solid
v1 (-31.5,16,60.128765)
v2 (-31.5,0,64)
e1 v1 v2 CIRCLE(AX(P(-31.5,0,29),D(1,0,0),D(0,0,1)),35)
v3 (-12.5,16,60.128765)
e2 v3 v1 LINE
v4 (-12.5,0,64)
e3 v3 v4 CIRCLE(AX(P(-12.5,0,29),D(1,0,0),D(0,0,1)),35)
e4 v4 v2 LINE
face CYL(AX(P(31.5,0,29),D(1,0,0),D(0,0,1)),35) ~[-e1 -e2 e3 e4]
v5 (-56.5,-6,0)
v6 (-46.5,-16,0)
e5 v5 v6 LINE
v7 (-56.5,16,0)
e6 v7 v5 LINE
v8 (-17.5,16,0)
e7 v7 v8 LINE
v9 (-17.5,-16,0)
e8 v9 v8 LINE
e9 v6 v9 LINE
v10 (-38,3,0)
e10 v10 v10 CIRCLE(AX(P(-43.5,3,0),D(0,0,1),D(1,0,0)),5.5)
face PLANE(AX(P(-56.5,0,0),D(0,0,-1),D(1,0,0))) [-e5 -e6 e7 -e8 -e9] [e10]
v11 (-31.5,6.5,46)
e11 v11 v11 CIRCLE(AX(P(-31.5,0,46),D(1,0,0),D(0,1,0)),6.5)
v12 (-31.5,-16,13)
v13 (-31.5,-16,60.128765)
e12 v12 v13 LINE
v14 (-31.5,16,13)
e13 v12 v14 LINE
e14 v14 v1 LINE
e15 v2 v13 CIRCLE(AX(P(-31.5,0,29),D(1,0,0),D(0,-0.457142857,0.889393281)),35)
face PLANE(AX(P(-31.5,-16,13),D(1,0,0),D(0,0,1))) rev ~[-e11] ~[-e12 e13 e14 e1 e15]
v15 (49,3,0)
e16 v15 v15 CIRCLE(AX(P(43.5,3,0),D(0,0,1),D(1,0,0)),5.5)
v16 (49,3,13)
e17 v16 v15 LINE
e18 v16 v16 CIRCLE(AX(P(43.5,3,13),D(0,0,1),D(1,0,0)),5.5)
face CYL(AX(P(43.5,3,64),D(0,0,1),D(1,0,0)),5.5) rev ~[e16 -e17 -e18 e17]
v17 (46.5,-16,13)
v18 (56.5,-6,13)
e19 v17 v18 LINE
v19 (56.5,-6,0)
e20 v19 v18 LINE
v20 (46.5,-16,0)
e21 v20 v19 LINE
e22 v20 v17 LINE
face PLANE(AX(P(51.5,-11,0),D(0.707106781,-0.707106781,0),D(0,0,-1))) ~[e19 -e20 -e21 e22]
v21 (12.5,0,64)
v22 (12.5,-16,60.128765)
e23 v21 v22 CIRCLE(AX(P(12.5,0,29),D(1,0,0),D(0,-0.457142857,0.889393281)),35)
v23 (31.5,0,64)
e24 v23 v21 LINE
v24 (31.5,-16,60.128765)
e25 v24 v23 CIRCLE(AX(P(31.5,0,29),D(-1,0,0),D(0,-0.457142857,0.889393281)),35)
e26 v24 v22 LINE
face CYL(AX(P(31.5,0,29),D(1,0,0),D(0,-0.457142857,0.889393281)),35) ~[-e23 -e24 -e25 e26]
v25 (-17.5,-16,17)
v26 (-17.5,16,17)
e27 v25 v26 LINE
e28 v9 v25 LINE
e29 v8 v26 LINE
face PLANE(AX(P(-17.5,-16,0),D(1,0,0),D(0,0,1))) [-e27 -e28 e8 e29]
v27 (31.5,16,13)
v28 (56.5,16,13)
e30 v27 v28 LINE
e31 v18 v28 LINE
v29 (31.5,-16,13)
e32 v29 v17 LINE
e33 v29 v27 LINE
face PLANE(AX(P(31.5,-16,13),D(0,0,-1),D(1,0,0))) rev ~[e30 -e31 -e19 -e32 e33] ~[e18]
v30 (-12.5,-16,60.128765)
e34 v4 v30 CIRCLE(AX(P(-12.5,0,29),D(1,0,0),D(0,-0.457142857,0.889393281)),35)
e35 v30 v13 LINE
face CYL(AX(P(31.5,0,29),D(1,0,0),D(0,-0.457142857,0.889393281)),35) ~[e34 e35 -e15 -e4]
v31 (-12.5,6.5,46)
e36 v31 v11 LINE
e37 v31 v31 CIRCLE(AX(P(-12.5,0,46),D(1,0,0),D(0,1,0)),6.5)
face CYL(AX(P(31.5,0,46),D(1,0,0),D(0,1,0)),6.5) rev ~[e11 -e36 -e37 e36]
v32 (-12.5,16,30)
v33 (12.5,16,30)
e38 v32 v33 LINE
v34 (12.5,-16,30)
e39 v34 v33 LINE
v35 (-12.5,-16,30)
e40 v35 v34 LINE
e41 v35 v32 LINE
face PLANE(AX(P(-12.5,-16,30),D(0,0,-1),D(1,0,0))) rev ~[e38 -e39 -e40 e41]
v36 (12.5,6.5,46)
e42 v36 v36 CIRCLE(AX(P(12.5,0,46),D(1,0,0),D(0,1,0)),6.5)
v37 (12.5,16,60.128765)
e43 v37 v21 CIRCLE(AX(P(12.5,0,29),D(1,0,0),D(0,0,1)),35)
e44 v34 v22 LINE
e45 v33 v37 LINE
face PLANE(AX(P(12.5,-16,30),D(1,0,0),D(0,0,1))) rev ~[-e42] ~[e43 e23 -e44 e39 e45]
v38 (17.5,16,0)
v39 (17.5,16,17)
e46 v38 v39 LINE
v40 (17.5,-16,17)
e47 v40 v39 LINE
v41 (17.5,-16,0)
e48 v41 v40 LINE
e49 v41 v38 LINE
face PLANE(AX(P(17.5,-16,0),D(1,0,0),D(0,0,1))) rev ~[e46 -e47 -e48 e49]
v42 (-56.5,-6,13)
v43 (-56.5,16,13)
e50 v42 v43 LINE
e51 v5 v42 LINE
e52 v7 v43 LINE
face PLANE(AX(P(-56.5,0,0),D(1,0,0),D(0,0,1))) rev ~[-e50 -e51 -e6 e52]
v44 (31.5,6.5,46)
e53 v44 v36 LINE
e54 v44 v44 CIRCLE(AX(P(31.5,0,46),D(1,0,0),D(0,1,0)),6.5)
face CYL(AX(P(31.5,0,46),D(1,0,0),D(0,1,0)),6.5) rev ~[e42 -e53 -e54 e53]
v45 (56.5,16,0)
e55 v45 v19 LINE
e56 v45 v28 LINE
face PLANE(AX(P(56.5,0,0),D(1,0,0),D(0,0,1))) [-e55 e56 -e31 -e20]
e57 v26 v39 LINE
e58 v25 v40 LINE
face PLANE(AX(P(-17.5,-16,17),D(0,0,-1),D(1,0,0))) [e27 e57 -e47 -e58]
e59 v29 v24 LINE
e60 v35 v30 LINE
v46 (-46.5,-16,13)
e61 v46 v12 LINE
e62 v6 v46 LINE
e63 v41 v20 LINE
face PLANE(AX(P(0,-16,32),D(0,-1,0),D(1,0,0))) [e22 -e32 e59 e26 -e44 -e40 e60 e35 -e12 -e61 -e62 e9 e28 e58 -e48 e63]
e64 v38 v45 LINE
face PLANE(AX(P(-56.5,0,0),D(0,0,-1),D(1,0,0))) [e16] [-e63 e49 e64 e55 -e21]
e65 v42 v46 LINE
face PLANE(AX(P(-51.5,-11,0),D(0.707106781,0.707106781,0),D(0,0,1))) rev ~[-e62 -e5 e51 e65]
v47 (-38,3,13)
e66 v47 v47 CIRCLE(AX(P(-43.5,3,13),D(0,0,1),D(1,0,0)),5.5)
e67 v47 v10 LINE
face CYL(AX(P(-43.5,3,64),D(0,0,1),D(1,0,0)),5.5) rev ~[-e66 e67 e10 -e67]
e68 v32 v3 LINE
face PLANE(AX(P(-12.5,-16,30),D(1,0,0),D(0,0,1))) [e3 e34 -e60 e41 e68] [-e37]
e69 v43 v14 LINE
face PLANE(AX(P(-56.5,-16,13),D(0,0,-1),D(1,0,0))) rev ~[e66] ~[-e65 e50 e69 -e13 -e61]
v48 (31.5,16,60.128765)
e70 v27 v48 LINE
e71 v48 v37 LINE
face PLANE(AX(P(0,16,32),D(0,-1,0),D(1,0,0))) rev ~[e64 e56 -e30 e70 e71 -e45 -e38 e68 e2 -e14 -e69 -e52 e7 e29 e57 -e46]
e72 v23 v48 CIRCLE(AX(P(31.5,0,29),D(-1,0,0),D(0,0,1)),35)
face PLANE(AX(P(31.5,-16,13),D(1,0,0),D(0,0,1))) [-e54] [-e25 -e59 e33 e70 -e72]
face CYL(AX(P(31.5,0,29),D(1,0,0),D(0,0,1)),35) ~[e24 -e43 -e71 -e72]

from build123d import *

# Parameters (mm, degrees)
F0_W     = 113
F0_H     = 64
F1_DEPTH = 16
F2_W     = 25
F2_H     = 51
F2_H_2   = 34
F2_W_2   = 35
F2_H_3   = 17
F3_DEPTH = 32.001
F4_R     = 6.5
F5_DEPTH = 88.001
F7_R     = 5.5
F8_DEPTH = 64.001
F9_SIZE  = 10


with BuildPart() as f1:
    # F0 (on Front) → F1 (new body, symmetric)
    with BuildSketch(Plane.XZ):
        with Locations((0, 32)):
            Rectangle(F0_W, F0_H)
    extrude(amount=F1_DEPTH, both=True)

    # F2 (on face) → F3 (cut, through all)
    with BuildSketch(Plane.XZ.offset(16)):
        with Locations((-44, 38.5)):
            Rectangle(F2_W, F2_H)
        with Locations((44, 38.5)):
            Rectangle(F2_W, F2_H)
        with Locations((0, 47)):
            Rectangle(F2_W, F2_H_2)
        with Locations((0, 8.5)):
            Rectangle(F2_W_2, F2_H_3)
    extrude(amount=-F3_DEPTH, mode=Mode.SUBTRACT)

    # F4 (on face) → F5 (cut, through all)
    with BuildSketch(Plane.YZ.offset(31.5)):
        with BuildLine():
            ThreePointArc((-16, 60.1287648325), (-8.2308332161, 63.0184271325), (0, 64))
            Line((0, 64), (-16, 64))
            Line((-16, 64), (-16, 60.1287648325))
        make_face()
        with BuildLine():
            ThreePointArc((0, 64), (8.230833216, 63.0184271325), (16, 60.1287648325))
            Line((16, 60.1287648325), (16, 64))
            Line((16, 64), (0, 64))
        make_face()
        with Locations((0, 46)):
            Circle(F4_R)
    extrude(amount=-F5_DEPTH, mode=Mode.SUBTRACT)

    # F7 (on offset) → F8 (cut, through all)
    with BuildSketch(Plane.XY.offset(64)):
        with Locations((-43.5, 3)):
            Circle(F7_R)
        with Locations((43.5, 3)):
            Circle(F7_R)
    extrude(amount=-F8_DEPTH, mode=Mode.SUBTRACT)

    # F9
    f9_edges = [f1.edges().sort_by_distance(p)[0] for p in [
        (56.5, -16, 6.5),
        (-56.5, -16, 6.5),
    ]]
    chamfer(f9_edges, length=F9_SIZE)


solid = f1.part
